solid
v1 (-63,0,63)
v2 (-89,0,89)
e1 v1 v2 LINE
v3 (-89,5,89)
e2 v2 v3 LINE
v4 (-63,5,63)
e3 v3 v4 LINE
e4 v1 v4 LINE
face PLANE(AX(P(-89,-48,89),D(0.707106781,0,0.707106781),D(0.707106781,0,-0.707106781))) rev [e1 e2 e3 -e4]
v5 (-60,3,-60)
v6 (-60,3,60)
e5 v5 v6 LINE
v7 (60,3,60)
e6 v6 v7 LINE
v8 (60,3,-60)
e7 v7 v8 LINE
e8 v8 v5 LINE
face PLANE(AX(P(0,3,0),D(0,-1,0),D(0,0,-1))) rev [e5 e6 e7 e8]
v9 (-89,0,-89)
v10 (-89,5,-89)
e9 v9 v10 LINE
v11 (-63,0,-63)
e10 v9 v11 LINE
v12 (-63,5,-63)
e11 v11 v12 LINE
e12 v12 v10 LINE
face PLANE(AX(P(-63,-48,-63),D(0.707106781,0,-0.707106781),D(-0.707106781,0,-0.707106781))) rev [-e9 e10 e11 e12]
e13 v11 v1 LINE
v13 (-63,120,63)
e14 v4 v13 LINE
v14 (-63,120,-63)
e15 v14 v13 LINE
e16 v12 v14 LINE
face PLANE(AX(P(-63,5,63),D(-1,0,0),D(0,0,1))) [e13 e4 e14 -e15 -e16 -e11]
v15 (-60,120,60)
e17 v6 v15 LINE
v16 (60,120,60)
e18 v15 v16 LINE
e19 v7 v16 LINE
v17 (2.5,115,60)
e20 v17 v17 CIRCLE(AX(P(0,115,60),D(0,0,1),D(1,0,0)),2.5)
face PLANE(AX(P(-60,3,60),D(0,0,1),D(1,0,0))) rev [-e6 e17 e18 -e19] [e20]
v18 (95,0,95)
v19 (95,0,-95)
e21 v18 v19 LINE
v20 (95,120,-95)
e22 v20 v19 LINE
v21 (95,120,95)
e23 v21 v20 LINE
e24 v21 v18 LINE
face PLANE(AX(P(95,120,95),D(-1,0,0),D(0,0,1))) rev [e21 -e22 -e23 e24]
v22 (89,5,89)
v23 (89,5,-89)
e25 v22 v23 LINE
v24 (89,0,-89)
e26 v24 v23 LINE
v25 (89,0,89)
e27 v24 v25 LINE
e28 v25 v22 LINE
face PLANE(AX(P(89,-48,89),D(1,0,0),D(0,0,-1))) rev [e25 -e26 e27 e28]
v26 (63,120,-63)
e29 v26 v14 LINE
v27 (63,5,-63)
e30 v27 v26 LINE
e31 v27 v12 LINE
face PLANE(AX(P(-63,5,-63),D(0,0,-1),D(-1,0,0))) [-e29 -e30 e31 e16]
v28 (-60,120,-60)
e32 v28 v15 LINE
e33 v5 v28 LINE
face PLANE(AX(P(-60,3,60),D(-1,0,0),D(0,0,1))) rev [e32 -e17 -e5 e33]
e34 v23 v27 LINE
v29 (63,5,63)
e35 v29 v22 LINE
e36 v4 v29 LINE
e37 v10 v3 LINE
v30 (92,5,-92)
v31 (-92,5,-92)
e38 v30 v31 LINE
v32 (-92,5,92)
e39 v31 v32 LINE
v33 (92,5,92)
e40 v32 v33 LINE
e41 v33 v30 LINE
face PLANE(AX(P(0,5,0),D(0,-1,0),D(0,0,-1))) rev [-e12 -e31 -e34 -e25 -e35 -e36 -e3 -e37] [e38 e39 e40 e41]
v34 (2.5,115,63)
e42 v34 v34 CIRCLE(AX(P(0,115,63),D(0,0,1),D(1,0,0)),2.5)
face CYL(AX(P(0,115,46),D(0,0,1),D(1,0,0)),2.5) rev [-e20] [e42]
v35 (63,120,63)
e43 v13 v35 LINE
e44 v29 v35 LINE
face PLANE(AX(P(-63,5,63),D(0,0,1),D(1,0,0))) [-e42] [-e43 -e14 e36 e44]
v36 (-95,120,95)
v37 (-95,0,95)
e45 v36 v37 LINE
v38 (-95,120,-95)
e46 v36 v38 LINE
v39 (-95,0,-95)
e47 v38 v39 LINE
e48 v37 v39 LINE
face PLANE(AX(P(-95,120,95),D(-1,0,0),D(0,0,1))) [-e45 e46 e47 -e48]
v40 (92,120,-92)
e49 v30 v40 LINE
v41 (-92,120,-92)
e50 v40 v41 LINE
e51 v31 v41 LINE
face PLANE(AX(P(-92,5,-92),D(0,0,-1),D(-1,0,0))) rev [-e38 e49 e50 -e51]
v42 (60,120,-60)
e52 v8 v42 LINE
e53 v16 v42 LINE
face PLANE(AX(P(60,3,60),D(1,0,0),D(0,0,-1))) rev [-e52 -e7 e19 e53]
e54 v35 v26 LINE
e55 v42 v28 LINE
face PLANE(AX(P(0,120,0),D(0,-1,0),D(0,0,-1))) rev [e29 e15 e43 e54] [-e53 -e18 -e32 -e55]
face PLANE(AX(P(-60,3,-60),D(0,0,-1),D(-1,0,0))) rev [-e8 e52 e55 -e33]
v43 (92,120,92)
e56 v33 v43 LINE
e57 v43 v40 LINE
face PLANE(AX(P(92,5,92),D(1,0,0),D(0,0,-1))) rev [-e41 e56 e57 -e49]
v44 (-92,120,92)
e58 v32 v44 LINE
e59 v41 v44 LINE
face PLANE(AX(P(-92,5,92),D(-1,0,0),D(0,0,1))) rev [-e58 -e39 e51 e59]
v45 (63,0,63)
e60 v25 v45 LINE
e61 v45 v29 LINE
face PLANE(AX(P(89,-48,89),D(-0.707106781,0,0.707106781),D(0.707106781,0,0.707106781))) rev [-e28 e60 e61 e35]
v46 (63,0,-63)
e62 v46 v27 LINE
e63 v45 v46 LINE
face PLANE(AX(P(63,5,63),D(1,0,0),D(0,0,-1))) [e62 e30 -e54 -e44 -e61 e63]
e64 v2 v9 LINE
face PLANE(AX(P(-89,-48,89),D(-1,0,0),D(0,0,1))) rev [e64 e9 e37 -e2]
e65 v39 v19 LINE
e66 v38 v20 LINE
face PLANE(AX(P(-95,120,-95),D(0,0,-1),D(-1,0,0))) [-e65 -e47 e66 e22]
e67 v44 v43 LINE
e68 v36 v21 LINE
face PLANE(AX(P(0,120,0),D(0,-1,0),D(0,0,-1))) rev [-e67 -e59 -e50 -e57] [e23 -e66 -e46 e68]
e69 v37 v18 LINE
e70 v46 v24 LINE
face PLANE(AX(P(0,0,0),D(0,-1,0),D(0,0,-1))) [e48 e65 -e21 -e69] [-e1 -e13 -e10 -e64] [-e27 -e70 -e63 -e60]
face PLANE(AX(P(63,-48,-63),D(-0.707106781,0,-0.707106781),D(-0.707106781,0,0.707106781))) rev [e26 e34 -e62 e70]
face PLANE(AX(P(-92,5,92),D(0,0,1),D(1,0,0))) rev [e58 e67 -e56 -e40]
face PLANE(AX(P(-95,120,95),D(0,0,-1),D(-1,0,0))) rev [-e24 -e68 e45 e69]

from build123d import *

# Parameters (mm, degrees)
SKETCH1_W           = 190
SKETCH1_H           = 190
BOSS_EXTRUDE1_DEPTH = 120
SKETCH2_W           = 120
SKETCH2_H           = 120
CUT_EXTRUDE1_DEPTH  = 117
SKETCH3_W           = 184
SKETCH3_H           = 184
SKETCH3_W_2         = 126
SKETCH3_H_2         = 126
CUT_EXTRUDE2_DEPTH  = 115
CUT_EXTRUDE3_DEPTH  = 53
SKETCH5_R           = 2.5
CUT_EXTRUDE4_DEPTH  = 17


with BuildPart() as part:
    # Sketch1 → Boss-Extrude1 (new body)
    with BuildSketch(Plane(origin=(0, 0, 0), x_dir=(1, 0, 0), z_dir=(0, 1, 0))):
        Rectangle(SKETCH1_W, SKETCH1_H)
    extrude(amount=BOSS_EXTRUDE1_DEPTH)

    # Sketch2 → Cut-Extrude1 (cut)
    with BuildSketch(Plane(origin=(0, 120, 0), x_dir=(1, 0, 0), z_dir=(0, 1, 0))):
        Rectangle(SKETCH2_W, SKETCH2_H)
    extrude(amount=-CUT_EXTRUDE1_DEPTH, mode=Mode.SUBTRACT)

    # Sketch3 → Cut-Extrude2 (cut)
    with BuildSketch(Plane(origin=(0, 120, 0), x_dir=(1, 0, 0), z_dir=(0, 1, 0))):
        Rectangle(SKETCH3_W, SKETCH3_H)
        Rectangle(SKETCH3_W_2, SKETCH3_H_2, mode=Mode.SUBTRACT)
    extrude(amount=-CUT_EXTRUDE2_DEPTH, mode=Mode.SUBTRACT)

    # Sketch4 → Cut-Extrude3 (cut)
    with BuildSketch(Plane(origin=(0, 5, 0), x_dir=(1, 0, 0), z_dir=(0, 1, 0))):
        Polygon((-89, -89), (-89, 89), (-63, 63), (-63, -63), align=None)
        Polygon((89, -89), (63, -63), (63, 63), (89, 89), align=None)
    extrude(amount=-CUT_EXTRUDE3_DEPTH, mode=Mode.SUBTRACT)

    # Sketch5 → Cut-Extrude4 (cut)
    with BuildSketch(Plane.XY.offset(63)):
        with Locations((0, 115)):
            Circle(SKETCH5_R)
    extrude(amount=-CUT_EXTRUDE4_DEPTH, mode=Mode.SUBTRACT)


solid = part.part
